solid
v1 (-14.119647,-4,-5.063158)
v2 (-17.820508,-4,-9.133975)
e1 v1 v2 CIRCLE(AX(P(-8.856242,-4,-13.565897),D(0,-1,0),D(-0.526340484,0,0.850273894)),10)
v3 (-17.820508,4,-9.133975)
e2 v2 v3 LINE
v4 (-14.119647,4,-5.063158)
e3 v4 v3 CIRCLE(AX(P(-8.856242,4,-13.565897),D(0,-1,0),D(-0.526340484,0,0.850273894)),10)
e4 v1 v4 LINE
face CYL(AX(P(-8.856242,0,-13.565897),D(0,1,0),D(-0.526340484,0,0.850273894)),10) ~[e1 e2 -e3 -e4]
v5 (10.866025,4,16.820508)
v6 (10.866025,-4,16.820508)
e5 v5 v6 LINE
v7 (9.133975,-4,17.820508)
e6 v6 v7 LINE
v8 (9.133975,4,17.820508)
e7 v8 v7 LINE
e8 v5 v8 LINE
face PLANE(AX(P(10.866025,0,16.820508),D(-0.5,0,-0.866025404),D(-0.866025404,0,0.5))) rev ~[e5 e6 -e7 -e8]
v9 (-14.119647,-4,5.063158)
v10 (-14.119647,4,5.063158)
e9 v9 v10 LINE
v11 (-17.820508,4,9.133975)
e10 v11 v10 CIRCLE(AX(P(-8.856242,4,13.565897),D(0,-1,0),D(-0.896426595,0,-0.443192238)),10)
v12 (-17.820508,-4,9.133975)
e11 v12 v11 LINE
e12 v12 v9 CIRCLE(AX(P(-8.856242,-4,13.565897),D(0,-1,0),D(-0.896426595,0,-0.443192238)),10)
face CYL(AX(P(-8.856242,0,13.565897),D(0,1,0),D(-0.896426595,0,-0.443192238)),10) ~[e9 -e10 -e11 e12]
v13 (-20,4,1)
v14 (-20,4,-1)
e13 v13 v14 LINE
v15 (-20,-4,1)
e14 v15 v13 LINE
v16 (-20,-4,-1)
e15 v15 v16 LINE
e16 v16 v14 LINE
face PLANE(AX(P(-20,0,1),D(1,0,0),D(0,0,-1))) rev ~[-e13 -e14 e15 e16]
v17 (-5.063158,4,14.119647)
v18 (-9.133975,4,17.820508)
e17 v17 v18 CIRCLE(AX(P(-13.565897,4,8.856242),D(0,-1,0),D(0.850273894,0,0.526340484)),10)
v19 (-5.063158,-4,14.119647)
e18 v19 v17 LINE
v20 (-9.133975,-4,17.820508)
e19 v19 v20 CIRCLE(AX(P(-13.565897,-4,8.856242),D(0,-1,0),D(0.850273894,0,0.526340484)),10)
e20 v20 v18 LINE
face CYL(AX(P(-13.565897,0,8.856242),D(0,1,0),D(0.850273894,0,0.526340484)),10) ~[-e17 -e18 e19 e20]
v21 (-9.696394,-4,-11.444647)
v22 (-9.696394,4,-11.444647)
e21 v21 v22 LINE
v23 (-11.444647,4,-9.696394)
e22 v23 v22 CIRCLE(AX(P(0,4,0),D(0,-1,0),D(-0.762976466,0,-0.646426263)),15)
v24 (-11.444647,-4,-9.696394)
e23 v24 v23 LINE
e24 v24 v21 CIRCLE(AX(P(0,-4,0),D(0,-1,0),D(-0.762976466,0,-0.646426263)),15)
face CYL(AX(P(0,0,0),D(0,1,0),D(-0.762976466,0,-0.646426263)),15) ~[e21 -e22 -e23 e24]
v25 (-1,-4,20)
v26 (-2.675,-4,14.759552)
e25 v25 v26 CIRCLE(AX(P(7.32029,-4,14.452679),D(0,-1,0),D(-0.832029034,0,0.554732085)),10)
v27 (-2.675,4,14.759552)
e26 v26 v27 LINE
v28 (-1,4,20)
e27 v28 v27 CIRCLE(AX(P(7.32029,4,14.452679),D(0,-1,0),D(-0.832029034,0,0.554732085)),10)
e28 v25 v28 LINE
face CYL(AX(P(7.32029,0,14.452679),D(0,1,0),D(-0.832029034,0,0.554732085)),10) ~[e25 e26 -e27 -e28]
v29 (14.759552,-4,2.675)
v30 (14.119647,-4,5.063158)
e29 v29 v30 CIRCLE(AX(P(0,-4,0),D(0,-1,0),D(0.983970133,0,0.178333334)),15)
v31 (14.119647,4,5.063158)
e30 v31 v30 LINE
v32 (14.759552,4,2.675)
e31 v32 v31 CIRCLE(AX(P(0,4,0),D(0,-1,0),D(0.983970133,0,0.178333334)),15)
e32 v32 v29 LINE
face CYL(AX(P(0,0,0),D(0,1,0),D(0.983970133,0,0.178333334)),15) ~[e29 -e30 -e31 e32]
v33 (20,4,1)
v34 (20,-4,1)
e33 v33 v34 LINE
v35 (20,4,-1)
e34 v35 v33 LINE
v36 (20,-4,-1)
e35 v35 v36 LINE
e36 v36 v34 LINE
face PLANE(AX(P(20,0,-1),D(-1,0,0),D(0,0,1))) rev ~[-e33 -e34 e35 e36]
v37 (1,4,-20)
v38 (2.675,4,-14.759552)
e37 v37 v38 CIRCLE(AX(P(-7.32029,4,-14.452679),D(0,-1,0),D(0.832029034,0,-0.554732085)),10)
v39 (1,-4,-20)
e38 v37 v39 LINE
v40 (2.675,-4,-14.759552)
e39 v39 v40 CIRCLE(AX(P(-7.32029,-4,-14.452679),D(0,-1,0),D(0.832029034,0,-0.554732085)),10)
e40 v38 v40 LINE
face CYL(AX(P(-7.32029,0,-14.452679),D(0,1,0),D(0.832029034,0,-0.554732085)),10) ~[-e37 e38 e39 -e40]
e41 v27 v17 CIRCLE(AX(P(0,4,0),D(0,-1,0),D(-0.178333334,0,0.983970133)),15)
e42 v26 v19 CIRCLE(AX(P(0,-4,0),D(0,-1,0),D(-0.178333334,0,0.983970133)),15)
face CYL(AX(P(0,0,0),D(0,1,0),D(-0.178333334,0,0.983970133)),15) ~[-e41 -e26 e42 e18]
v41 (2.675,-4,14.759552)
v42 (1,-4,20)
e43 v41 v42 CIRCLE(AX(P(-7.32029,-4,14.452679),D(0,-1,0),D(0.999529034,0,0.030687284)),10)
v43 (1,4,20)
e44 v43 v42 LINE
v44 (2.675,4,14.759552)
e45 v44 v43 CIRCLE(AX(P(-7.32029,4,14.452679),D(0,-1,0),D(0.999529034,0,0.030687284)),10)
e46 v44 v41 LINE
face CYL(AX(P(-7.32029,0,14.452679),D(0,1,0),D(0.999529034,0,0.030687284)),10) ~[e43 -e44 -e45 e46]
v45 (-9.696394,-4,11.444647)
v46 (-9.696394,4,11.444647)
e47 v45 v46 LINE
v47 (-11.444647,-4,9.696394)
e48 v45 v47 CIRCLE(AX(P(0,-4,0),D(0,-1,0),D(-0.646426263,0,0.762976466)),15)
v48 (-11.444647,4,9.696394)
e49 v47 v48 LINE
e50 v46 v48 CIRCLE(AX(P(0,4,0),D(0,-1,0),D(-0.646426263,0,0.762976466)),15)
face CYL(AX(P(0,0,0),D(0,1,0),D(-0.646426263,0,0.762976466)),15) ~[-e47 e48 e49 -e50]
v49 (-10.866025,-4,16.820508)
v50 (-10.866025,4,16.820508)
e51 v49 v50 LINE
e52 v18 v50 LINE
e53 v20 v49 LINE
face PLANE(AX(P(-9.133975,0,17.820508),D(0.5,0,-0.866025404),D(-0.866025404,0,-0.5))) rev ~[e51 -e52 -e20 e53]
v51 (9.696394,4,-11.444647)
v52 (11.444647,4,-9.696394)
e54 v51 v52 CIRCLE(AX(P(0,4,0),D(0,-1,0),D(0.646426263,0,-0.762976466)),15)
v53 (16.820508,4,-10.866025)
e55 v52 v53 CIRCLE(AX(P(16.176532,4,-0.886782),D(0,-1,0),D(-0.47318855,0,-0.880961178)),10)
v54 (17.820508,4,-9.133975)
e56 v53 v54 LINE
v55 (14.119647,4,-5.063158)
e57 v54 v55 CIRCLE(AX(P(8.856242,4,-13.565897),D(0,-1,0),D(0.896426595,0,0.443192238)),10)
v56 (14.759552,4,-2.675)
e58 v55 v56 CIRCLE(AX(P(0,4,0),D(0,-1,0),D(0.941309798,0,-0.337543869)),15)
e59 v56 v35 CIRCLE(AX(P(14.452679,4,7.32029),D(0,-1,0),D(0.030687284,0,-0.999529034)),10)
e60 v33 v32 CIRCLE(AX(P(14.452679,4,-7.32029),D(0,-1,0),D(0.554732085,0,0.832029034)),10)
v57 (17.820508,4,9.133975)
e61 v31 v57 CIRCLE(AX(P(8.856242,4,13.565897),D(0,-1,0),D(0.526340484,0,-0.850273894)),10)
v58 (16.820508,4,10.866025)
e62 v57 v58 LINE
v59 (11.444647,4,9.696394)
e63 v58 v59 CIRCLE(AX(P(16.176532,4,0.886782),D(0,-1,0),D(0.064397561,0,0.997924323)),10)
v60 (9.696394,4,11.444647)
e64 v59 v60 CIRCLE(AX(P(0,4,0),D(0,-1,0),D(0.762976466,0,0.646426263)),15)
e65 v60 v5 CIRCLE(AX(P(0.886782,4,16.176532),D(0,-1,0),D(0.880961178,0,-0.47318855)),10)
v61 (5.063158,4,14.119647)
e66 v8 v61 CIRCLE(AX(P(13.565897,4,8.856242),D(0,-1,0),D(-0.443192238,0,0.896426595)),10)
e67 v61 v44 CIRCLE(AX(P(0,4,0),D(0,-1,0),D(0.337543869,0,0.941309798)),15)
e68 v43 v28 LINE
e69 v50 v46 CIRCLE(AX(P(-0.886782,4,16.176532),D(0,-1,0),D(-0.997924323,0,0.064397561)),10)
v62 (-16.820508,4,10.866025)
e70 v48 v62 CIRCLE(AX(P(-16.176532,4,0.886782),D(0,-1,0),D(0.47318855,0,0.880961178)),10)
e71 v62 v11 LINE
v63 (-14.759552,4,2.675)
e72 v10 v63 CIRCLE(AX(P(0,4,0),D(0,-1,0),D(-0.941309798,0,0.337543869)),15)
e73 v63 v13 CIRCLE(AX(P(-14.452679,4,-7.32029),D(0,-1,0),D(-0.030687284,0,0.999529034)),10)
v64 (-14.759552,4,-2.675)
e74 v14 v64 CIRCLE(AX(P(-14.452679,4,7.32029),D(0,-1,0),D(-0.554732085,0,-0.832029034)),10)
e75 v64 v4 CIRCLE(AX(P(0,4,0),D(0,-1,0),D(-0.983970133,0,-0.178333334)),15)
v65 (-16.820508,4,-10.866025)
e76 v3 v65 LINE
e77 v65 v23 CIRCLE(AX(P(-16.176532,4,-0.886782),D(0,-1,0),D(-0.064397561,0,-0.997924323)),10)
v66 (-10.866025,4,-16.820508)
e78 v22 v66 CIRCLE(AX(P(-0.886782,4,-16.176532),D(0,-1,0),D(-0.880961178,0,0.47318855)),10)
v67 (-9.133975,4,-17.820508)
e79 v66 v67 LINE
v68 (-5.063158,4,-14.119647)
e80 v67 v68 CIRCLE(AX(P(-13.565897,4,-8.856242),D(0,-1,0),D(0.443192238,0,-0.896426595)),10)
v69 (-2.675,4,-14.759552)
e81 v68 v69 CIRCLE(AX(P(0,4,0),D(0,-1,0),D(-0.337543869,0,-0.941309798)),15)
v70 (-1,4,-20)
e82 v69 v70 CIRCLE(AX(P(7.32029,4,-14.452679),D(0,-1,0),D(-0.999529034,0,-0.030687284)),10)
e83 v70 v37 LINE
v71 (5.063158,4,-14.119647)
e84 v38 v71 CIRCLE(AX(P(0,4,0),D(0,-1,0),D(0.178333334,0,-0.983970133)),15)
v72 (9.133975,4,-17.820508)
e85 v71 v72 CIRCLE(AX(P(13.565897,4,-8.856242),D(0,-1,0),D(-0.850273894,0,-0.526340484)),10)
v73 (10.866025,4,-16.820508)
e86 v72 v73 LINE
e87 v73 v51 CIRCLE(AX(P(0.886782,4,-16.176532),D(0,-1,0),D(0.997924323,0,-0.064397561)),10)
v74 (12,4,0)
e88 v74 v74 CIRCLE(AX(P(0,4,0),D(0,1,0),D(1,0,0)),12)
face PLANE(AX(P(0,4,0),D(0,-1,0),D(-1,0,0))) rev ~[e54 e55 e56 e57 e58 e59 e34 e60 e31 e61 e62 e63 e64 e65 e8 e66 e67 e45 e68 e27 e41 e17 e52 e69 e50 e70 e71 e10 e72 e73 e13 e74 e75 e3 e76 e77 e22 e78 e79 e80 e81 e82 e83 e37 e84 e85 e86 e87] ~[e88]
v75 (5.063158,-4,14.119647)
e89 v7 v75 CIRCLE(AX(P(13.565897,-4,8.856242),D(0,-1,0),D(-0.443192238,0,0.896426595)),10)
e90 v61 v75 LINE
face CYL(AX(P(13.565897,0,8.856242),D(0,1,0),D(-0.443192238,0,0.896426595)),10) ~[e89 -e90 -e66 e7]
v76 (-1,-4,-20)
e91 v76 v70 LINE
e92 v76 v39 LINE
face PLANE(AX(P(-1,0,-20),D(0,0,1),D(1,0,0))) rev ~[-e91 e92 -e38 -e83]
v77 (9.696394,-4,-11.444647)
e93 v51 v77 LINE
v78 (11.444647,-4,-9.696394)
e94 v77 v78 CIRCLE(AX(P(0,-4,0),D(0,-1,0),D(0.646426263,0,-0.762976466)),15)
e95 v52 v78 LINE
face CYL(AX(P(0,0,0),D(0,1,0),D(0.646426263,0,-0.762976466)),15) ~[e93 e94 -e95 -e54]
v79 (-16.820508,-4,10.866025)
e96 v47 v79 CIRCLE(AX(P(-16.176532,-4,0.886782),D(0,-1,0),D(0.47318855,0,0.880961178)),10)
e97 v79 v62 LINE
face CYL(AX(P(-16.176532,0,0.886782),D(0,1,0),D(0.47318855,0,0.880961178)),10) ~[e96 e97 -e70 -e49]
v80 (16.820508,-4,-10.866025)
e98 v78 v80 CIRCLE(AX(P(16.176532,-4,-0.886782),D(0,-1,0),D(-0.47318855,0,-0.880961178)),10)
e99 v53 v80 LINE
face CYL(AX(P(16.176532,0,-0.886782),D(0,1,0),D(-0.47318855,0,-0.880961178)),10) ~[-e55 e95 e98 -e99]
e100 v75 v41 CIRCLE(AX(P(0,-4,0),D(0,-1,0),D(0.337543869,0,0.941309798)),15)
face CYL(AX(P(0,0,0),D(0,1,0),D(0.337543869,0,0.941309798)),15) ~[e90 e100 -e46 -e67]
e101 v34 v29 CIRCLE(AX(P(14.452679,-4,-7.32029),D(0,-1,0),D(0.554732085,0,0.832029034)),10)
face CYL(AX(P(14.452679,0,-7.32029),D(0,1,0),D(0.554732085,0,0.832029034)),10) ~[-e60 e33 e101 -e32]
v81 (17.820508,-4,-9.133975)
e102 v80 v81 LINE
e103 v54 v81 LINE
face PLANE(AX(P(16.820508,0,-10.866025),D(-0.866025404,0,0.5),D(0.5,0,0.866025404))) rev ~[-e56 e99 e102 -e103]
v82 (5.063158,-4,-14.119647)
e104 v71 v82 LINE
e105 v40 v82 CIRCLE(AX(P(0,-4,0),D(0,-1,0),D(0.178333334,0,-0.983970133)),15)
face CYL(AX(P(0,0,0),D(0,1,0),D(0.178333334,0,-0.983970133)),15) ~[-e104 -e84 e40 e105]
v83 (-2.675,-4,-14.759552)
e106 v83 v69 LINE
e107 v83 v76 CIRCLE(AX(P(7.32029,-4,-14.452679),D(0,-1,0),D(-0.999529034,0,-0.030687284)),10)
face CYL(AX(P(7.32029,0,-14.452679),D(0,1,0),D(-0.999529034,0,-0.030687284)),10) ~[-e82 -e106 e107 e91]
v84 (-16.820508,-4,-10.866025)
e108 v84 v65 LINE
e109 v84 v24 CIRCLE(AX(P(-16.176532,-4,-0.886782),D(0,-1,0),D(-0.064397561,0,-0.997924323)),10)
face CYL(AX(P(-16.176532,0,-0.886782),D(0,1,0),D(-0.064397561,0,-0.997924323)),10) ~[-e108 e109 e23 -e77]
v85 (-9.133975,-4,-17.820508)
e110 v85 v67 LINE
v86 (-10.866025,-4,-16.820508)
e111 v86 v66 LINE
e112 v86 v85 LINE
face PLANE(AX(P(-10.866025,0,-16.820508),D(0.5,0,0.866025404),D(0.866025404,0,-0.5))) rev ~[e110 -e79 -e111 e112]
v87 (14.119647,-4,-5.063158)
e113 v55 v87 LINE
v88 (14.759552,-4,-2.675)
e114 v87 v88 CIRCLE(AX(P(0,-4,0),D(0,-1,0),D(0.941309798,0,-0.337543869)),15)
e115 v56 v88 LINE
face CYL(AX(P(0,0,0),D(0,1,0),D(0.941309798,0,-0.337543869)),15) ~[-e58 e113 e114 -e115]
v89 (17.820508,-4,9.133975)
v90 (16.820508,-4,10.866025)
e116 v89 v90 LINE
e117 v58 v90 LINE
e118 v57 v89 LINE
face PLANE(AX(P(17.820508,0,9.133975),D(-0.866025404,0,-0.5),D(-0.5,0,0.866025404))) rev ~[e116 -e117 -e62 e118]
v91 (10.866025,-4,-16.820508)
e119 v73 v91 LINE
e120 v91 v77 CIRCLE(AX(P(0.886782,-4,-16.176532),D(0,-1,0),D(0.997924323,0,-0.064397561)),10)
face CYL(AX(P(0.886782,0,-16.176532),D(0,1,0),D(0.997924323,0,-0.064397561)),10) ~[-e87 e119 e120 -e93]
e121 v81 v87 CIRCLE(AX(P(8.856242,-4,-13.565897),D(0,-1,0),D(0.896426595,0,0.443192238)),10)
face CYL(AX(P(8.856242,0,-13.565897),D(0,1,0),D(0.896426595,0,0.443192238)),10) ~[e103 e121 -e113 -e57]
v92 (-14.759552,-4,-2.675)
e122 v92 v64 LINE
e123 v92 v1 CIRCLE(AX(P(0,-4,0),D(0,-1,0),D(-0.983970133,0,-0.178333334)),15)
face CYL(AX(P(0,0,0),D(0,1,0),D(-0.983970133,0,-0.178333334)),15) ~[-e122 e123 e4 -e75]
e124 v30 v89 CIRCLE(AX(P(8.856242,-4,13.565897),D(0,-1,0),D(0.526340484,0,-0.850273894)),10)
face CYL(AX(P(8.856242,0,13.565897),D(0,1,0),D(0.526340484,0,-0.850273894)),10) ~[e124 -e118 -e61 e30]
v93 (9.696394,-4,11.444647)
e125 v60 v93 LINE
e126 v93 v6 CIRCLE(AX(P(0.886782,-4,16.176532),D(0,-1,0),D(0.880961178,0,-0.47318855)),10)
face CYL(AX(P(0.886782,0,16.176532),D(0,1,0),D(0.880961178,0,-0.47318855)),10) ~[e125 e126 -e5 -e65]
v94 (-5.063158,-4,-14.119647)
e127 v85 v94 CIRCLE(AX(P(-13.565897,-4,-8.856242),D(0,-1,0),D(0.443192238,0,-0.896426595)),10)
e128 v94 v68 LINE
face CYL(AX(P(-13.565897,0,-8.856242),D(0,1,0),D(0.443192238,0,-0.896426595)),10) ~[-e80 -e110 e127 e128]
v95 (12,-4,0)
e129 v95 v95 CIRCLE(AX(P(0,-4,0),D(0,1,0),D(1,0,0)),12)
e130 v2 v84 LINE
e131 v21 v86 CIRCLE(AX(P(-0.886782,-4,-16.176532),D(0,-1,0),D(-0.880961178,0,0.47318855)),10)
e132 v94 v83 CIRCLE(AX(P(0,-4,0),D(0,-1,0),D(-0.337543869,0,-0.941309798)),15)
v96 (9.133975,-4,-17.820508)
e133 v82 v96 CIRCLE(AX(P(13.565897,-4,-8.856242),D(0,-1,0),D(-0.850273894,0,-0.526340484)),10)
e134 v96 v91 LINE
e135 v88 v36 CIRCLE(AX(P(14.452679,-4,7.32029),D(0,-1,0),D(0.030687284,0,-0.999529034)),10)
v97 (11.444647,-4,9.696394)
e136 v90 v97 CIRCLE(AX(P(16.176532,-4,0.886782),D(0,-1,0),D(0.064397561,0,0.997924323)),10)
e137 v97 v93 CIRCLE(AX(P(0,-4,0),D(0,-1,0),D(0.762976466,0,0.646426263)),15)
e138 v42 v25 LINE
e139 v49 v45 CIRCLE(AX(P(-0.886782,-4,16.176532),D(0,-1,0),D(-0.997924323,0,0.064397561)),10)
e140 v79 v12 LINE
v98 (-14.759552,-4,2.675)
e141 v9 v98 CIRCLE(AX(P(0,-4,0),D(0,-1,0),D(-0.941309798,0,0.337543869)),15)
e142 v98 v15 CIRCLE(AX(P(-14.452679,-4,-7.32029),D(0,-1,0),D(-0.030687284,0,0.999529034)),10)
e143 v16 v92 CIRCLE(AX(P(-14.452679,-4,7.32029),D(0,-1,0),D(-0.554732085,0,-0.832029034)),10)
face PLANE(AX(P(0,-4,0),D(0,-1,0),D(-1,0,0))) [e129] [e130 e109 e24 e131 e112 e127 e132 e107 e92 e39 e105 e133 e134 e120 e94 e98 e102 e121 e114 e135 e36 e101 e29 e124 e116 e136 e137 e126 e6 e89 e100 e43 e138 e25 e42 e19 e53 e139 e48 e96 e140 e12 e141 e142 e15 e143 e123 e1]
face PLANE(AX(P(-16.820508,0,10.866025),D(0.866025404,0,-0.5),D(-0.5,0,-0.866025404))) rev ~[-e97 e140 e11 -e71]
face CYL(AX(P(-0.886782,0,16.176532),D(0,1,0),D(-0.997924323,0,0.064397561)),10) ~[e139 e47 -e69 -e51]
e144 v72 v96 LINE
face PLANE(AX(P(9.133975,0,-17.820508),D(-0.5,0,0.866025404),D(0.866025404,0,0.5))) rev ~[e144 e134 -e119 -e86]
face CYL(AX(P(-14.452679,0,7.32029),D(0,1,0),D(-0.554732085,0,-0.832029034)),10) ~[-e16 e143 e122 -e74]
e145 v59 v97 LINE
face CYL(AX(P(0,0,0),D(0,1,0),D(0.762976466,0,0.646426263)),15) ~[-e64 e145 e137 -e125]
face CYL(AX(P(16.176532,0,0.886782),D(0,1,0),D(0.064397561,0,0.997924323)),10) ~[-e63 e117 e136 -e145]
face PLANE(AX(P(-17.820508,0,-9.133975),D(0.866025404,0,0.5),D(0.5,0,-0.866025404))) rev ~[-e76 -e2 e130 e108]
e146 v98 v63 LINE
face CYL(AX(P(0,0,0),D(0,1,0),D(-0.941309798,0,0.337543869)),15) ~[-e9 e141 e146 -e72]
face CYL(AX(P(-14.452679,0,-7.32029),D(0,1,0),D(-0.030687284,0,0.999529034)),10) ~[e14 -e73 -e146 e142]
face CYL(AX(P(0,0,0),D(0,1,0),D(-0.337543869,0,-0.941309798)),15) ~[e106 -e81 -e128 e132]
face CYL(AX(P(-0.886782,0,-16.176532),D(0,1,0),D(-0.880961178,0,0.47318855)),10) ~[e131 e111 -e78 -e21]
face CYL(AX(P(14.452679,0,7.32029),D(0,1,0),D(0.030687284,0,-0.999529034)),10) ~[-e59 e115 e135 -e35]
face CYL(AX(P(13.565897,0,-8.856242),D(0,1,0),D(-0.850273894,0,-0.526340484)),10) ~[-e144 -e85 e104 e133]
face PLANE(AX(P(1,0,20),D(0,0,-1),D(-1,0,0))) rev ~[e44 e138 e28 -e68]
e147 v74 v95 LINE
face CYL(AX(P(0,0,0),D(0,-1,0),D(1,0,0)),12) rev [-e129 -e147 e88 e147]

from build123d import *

# Parameters (mm, degrees)
SKETCH1_R           = 12
BOSS_EXTRUDE1_DEPTH = 4


with BuildPart() as part:
    # Sketch1 → Boss-Extrude1 (new body, symmetric)
    with BuildSketch(Plane(origin=(0, 0, 0), x_dir=(1, 0, 0), z_dir=(0, 1, 0))):
        with BuildLine():
            Line((-1, 20), (1, 20))
            ThreePointArc((1, 20), (2.204975942, 17.497232023), (2.675, 14.759551992))
            ThreePointArc((2.675, 14.759551992), (3.882285677, 14.488887394), (5.063158041, 14.119646973))
            ThreePointArc((5.063158041, 14.119646973), (6.839050831, 16.255535399), (9.133974596, 17.820508076))
            Line((9.133974596, 17.820508076), (10.866025404, 16.820508076))
            ThreePointArc((10.866025404, 16.820508076), (10.658181192, 14.050559457), (9.696393951, 11.444646973))
            ThreePointArc((9.696393951, 11.444646973), (10.606601718, 10.606601718), (11.444646973, 9.696393951))
            ThreePointArc((11.444646973, 9.696393951), (14.050559457, 10.658181192), (16.820508076, 10.866025404))
            Line((16.820508076, 10.866025404), (17.820508076, 9.133974596))
            ThreePointArc((17.820508076, 9.133974596), (16.255535399, 6.839050831), (14.119646973, 5.063158041))
            ThreePointArc((14.119646973, 5.063158041), (14.488887394, 3.882285677), (14.759551992, 2.675))
            ThreePointArc((14.759551992, 2.675), (17.497232023, 2.204975942), (20, 1))
            Line((20, 1), (20, -1))
            ThreePointArc((20, -1), (17.497232023, -2.204975942), (14.759551992, -2.675))
            ThreePointArc((14.759551992, -2.675), (14.488887394, -3.882285677), (14.119646973, -5.063158041))
            ThreePointArc((14.119646973, -5.063158041), (16.255535399, -6.839050831), (17.820508076, -9.133974596))
            Line((17.820508076, -9.133974596), (16.820508076, -10.866025404))
            ThreePointArc((16.820508076, -10.866025404), (14.050559457, -10.658181192), (11.444646973, -9.696393951))
            ThreePointArc((11.444646973, -9.696393951), (10.606601718, -10.606601718), (9.696393951, -11.444646973))
            ThreePointArc((9.696393951, -11.444646973), (10.658181192, -14.050559457), (10.866025404, -16.820508076))
            Line((10.866025404, -16.820508076), (9.133974596, -17.820508076))
            ThreePointArc((9.133974596, -17.820508076), (6.839050831, -16.255535399), (5.063158041, -14.119646973))
            ThreePointArc((5.063158041, -14.119646973), (3.882285677, -14.488887394), (2.675, -14.759551992))
            ThreePointArc((2.675, -14.759551992), (2.204975942, -17.497232023), (1, -20))
            Line((1, -20), (-1, -20))
            ThreePointArc((-1, -20), (-2.204975942, -17.497232023), (-2.675, -14.759551992))
            ThreePointArc((-2.675, -14.759551992), (-3.882285677, -14.488887394), (-5.063158041, -14.119646973))
            ThreePointArc((-5.063158041, -14.119646973), (-6.839050831, -16.255535399), (-9.133974596, -17.820508076))
            Line((-9.133974596, -17.820508076), (-10.866025404, -16.820508076))
            ThreePointArc((-10.866025404, -16.820508076), (-10.658181192, -14.050559457), (-9.696393951, -11.444646973))
            ThreePointArc((-9.696393951, -11.444646973), (-10.606601718, -10.606601718), (-11.444646973, -9.696393951))
            ThreePointArc((-11.444646973, -9.696393951), (-14.050559457, -10.658181192), (-16.820508076, -10.866025404))
            Line((-16.820508076, -10.866025404), (-17.820508076, -9.133974596))
            ThreePointArc((-17.820508076, -9.133974596), (-16.255535399, -6.839050831), (-14.119646973, -5.063158041))
            ThreePointArc((-14.119646973, -5.063158041), (-14.488887394, -3.882285677), (-14.759551992, -2.675))
            ThreePointArc((-14.759551992, -2.675), (-17.497232023, -2.204975942), (-20, -1))
            Line((-20, -1), (-20, 1))
            ThreePointArc((-20, 1), (-17.497232023, 2.204975942), (-14.759551992, 2.675))
            ThreePointArc((-14.759551992, 2.675), (-14.488887394, 3.882285677), (-14.119646973, 5.063158041))
            ThreePointArc((-14.119646973, 5.063158041), (-16.255535399, 6.839050831), (-17.820508076, 9.133974596))
            Line((-17.820508076, 9.133974596), (-16.820508076, 10.866025404))
            ThreePointArc((-16.820508076, 10.866025404), (-14.050559457, 10.658181192), (-11.444646973, 9.696393951))
            ThreePointArc((-11.444646973, 9.696393951), (-10.606601718, 10.606601718), (-9.696393951, 11.444646973))
            ThreePointArc((-9.696393951, 11.444646973), (-10.658181192, 14.050559457), (-10.866025404, 16.820508076))
            Line((-10.866025404, 16.820508076), (-9.133974596, 17.820508076))
            ThreePointArc((-9.133974596, 17.820508076), (-6.839050831, 16.255535399), (-5.063158041, 14.119646973))
            ThreePointArc((-5.063158041, 14.119646973), (-3.882285677, 14.488887394), (-2.675, 14.759551992))
            ThreePointArc((-2.675, 14.759551992), (-2.204975942, 17.497232023), (-1, 20))
        make_face()
        Circle(SKETCH1_R, mode=Mode.SUBTRACT)
    extrude(amount=BOSS_EXTRUDE1_DEPTH, both=True)


solid = part.part
